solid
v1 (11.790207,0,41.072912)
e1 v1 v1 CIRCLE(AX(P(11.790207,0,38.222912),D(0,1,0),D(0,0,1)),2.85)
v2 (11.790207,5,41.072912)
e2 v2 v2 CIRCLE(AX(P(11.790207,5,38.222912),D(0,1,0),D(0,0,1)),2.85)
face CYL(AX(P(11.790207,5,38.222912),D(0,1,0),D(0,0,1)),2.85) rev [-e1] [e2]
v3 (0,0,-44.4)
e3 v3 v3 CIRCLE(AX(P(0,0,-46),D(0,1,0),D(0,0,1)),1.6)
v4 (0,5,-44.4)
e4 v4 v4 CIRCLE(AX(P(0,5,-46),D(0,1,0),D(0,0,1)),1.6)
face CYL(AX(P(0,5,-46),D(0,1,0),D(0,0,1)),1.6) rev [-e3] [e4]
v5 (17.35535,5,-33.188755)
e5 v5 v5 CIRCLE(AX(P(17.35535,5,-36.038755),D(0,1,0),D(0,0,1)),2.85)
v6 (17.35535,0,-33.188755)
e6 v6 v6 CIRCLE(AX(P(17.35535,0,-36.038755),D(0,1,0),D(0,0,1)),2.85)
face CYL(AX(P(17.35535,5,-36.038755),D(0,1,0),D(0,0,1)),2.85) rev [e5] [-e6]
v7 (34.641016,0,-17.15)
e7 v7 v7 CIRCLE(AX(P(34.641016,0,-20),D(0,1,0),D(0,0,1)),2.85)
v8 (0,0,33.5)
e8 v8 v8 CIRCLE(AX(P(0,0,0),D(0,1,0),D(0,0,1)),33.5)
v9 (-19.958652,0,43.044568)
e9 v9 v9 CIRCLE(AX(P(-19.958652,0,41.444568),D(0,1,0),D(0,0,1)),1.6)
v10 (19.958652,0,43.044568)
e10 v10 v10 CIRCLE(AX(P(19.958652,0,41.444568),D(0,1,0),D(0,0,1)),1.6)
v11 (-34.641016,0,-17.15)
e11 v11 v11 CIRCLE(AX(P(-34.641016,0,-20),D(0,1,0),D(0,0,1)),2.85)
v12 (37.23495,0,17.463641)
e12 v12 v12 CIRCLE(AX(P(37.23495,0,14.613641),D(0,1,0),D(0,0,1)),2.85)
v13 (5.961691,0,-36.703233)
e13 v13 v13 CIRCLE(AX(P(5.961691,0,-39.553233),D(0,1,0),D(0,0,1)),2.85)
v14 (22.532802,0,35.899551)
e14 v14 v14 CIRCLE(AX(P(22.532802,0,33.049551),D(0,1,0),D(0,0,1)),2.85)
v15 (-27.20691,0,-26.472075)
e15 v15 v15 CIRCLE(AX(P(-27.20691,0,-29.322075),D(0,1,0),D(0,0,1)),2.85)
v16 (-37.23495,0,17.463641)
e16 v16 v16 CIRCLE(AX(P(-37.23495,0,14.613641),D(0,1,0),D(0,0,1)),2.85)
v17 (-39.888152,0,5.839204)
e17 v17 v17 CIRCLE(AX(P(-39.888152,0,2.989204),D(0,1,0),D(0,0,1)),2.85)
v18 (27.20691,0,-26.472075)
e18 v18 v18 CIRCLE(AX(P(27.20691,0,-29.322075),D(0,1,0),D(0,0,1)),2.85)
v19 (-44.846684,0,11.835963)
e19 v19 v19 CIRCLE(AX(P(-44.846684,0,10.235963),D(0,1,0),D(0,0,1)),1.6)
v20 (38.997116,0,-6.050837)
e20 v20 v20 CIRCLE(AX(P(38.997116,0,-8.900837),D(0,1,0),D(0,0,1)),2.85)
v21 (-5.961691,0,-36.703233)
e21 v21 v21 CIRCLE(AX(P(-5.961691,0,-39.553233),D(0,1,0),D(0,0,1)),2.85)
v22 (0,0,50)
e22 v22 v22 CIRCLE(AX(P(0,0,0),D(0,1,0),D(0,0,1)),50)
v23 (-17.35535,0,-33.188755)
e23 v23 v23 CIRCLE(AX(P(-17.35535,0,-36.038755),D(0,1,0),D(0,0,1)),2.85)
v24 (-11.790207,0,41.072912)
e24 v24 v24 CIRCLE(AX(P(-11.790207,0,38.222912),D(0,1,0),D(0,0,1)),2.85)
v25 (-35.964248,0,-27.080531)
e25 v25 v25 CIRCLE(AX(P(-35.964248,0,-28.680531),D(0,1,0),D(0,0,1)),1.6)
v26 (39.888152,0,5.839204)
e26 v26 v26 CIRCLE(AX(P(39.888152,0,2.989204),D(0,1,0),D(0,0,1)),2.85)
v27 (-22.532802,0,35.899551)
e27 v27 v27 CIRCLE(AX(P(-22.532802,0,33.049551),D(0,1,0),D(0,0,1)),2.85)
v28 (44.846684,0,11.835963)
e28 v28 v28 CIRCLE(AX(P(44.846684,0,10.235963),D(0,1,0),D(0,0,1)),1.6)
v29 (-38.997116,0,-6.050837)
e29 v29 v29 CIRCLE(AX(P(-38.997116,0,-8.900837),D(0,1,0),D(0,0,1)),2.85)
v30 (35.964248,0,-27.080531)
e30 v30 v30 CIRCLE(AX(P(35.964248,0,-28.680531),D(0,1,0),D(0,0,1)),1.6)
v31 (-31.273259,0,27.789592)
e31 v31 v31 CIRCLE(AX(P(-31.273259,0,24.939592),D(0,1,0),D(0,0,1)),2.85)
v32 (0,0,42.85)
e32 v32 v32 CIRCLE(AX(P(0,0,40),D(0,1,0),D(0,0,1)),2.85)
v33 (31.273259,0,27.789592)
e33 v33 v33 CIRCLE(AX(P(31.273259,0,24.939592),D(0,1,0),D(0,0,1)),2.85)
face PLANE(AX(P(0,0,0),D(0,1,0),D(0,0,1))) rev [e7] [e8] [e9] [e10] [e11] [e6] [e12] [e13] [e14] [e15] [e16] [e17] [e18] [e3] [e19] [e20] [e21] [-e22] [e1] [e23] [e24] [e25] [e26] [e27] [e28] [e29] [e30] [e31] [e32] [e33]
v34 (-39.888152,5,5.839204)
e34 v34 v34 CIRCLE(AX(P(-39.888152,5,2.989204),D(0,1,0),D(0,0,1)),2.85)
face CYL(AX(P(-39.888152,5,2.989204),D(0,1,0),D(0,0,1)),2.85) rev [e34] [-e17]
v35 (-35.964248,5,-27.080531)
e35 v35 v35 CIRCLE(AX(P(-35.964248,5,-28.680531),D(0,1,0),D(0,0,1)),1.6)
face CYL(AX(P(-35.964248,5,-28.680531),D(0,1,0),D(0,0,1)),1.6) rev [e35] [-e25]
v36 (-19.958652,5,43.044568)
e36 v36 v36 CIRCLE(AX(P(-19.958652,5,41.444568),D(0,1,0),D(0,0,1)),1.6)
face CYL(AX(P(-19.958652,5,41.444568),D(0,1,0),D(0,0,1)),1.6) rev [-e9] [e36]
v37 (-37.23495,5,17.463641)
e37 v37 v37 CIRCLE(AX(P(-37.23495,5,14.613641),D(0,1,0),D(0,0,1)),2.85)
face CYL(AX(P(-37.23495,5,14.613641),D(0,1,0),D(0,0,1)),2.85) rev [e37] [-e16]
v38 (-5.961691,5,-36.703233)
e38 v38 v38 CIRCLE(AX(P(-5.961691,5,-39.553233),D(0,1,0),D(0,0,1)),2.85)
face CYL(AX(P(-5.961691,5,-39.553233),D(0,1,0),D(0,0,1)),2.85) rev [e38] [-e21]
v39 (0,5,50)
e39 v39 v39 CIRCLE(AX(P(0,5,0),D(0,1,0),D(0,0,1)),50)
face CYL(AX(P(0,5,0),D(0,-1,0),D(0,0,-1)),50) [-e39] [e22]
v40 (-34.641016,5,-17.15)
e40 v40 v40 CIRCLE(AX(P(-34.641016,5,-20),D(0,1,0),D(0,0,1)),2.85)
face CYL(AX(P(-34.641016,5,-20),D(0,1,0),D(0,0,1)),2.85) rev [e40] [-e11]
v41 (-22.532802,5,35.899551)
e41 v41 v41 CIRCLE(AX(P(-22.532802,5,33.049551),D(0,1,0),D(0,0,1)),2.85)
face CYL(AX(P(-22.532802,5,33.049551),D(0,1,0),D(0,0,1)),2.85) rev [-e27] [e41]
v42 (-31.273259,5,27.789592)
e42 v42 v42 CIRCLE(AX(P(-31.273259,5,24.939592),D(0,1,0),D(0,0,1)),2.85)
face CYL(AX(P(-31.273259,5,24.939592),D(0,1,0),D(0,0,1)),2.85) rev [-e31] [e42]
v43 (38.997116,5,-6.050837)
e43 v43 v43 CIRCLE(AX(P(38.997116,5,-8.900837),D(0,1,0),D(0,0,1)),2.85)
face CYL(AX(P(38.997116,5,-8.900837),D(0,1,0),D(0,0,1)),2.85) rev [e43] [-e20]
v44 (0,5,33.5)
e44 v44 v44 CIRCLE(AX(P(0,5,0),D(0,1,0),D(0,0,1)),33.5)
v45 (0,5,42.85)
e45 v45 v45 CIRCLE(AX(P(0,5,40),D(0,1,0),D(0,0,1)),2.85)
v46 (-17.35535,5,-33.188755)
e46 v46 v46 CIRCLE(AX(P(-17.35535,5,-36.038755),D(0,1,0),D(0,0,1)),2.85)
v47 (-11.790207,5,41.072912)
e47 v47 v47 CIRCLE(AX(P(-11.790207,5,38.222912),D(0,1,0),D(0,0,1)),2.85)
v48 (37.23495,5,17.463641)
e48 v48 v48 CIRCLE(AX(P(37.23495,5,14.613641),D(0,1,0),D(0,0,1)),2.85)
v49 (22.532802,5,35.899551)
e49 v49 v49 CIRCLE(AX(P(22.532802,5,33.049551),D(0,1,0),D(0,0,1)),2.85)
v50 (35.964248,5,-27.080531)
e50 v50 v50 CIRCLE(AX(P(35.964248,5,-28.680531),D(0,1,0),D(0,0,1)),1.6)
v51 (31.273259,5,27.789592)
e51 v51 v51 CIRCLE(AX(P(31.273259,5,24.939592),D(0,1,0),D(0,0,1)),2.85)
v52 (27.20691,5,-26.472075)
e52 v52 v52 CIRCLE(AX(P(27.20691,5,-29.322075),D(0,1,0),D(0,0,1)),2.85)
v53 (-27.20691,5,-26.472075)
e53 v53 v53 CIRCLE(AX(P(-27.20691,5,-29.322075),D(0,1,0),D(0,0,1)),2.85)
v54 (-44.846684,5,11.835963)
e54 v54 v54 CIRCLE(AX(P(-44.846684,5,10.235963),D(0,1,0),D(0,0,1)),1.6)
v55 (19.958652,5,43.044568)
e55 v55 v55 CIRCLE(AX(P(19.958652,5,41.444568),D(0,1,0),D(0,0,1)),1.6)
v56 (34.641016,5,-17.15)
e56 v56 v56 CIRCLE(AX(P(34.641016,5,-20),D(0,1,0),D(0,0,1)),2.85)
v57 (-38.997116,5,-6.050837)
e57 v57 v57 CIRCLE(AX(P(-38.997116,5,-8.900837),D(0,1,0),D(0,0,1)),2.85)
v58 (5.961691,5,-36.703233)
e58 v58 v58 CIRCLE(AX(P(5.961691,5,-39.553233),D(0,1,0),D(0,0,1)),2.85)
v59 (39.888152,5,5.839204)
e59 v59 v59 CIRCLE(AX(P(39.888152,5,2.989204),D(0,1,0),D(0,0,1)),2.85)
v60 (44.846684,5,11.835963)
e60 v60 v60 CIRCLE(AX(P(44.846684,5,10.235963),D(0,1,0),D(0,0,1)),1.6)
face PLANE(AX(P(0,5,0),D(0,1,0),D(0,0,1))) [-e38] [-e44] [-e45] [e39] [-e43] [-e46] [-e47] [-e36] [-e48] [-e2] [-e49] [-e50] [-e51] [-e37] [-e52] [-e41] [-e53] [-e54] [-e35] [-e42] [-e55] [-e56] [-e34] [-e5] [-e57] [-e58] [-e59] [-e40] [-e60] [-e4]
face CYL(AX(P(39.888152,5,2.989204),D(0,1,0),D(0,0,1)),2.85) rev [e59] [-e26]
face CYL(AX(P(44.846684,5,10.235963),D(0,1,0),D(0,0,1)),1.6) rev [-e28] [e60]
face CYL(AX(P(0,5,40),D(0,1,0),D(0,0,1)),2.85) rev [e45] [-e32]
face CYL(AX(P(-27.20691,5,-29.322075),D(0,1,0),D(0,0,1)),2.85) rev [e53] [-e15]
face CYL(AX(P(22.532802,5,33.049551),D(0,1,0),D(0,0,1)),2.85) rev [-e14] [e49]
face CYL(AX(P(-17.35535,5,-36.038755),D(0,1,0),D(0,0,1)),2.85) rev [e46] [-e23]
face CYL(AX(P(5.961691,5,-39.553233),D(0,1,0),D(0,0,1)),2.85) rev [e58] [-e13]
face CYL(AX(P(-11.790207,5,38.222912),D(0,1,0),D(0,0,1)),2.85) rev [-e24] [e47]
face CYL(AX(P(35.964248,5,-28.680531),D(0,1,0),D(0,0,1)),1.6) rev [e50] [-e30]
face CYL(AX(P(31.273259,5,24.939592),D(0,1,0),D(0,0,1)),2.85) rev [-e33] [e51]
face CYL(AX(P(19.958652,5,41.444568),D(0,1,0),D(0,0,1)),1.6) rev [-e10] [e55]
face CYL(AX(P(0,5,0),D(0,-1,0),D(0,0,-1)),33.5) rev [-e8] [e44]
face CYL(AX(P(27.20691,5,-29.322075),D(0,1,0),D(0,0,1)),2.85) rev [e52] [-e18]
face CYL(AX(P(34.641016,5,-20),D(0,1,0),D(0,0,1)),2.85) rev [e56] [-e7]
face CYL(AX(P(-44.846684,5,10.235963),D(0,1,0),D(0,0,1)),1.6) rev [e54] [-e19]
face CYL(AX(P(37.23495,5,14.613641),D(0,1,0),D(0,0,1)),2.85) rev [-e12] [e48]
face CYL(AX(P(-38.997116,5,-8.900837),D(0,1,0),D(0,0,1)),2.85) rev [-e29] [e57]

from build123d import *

# Parameters (mm, degrees)
SKIZZE1_R                        = 50
SKIZZE1_R_2                      = 33.5
AUFSATZ_LINEAR_AUSTRAGEN1_DEPTH  = 5
F_3_2_3_2_DURCHMESSER_BOHRUNG2_D = 3.2
KREISMUSTER1_COUNT               = 7
F_5_6_5_6_DURCHMESSER_BOHRUNG2_D = 5.7
KREISMUSTER2_COUNT               = 21


with BuildPart() as part:
    # Skizze1 → Aufsatz-Linear austragen1 (new body)
    with BuildSketch(Plane(origin=(0, 0, 0), x_dir=(1, 0, 0), z_dir=(0, 1, 0))):
        with Locations(Location((0, 0, 0), (0, 0, 270))):
            Circle(SKIZZE1_R)
        with Locations(Location((0, 0, 0), (0, 0, 270))):
            Circle(SKIZZE1_R_2, mode=Mode.SUBTRACT)
    extrude(amount=AUFSATZ_LINEAR_AUSTRAGEN1_DEPTH)

    # Ø3.2 (3.2) Durchmesser Bohrung2 (through all)
    with Locations(Plane(origin=(0, 5, 0), x_dir=(1, 0, 0), z_dir=(0, 1, 0))):
        with Locations((0, 46)):
            f_3_2_3_2_durchmesser_bohrung2 = Hole(F_3_2_3_2_DURCHMESSER_BOHRUNG2_D / 2)

    # Kreismuster1: Ø3.2 (3.2) Durchmesser Bohrung2 ×7 about axis
    kreismuster1_axis = Axis((0, 0, 0), (0, 1, 0))
    for i in range(1, KREISMUSTER1_COUNT):
        add(f_3_2_3_2_durchmesser_bohrung2.rotate(kreismuster1_axis, i * 360 / KREISMUSTER1_COUNT), mode=Mode.SUBTRACT)

    # Ø5.6 (5.6) Durchmesser Bohrung2 (through all)
    with Locations(Plane(origin=(0, 5, 0), x_dir=(1, 0, 0), z_dir=(0, 1, 0))):
        with Locations((0, -40)):
            f_5_6_5_6_durchmesser_bohrung2 = Hole(F_5_6_5_6_DURCHMESSER_BOHRUNG2_D / 2)

    # Kreismuster2: Ø5.6 (5.6) Durchmesser Bohrung2 ×21 about axis
    kreismuster2_axis = Axis((0, 0, 0), (0, 1, 0))
    for i in range(1, KREISMUSTER2_COUNT):
        add(f_5_6_5_6_durchmesser_bohrung2.rotate(kreismuster2_axis, i * 360 / KREISMUSTER2_COUNT), mode=Mode.SUBTRACT)


solid = part.part
